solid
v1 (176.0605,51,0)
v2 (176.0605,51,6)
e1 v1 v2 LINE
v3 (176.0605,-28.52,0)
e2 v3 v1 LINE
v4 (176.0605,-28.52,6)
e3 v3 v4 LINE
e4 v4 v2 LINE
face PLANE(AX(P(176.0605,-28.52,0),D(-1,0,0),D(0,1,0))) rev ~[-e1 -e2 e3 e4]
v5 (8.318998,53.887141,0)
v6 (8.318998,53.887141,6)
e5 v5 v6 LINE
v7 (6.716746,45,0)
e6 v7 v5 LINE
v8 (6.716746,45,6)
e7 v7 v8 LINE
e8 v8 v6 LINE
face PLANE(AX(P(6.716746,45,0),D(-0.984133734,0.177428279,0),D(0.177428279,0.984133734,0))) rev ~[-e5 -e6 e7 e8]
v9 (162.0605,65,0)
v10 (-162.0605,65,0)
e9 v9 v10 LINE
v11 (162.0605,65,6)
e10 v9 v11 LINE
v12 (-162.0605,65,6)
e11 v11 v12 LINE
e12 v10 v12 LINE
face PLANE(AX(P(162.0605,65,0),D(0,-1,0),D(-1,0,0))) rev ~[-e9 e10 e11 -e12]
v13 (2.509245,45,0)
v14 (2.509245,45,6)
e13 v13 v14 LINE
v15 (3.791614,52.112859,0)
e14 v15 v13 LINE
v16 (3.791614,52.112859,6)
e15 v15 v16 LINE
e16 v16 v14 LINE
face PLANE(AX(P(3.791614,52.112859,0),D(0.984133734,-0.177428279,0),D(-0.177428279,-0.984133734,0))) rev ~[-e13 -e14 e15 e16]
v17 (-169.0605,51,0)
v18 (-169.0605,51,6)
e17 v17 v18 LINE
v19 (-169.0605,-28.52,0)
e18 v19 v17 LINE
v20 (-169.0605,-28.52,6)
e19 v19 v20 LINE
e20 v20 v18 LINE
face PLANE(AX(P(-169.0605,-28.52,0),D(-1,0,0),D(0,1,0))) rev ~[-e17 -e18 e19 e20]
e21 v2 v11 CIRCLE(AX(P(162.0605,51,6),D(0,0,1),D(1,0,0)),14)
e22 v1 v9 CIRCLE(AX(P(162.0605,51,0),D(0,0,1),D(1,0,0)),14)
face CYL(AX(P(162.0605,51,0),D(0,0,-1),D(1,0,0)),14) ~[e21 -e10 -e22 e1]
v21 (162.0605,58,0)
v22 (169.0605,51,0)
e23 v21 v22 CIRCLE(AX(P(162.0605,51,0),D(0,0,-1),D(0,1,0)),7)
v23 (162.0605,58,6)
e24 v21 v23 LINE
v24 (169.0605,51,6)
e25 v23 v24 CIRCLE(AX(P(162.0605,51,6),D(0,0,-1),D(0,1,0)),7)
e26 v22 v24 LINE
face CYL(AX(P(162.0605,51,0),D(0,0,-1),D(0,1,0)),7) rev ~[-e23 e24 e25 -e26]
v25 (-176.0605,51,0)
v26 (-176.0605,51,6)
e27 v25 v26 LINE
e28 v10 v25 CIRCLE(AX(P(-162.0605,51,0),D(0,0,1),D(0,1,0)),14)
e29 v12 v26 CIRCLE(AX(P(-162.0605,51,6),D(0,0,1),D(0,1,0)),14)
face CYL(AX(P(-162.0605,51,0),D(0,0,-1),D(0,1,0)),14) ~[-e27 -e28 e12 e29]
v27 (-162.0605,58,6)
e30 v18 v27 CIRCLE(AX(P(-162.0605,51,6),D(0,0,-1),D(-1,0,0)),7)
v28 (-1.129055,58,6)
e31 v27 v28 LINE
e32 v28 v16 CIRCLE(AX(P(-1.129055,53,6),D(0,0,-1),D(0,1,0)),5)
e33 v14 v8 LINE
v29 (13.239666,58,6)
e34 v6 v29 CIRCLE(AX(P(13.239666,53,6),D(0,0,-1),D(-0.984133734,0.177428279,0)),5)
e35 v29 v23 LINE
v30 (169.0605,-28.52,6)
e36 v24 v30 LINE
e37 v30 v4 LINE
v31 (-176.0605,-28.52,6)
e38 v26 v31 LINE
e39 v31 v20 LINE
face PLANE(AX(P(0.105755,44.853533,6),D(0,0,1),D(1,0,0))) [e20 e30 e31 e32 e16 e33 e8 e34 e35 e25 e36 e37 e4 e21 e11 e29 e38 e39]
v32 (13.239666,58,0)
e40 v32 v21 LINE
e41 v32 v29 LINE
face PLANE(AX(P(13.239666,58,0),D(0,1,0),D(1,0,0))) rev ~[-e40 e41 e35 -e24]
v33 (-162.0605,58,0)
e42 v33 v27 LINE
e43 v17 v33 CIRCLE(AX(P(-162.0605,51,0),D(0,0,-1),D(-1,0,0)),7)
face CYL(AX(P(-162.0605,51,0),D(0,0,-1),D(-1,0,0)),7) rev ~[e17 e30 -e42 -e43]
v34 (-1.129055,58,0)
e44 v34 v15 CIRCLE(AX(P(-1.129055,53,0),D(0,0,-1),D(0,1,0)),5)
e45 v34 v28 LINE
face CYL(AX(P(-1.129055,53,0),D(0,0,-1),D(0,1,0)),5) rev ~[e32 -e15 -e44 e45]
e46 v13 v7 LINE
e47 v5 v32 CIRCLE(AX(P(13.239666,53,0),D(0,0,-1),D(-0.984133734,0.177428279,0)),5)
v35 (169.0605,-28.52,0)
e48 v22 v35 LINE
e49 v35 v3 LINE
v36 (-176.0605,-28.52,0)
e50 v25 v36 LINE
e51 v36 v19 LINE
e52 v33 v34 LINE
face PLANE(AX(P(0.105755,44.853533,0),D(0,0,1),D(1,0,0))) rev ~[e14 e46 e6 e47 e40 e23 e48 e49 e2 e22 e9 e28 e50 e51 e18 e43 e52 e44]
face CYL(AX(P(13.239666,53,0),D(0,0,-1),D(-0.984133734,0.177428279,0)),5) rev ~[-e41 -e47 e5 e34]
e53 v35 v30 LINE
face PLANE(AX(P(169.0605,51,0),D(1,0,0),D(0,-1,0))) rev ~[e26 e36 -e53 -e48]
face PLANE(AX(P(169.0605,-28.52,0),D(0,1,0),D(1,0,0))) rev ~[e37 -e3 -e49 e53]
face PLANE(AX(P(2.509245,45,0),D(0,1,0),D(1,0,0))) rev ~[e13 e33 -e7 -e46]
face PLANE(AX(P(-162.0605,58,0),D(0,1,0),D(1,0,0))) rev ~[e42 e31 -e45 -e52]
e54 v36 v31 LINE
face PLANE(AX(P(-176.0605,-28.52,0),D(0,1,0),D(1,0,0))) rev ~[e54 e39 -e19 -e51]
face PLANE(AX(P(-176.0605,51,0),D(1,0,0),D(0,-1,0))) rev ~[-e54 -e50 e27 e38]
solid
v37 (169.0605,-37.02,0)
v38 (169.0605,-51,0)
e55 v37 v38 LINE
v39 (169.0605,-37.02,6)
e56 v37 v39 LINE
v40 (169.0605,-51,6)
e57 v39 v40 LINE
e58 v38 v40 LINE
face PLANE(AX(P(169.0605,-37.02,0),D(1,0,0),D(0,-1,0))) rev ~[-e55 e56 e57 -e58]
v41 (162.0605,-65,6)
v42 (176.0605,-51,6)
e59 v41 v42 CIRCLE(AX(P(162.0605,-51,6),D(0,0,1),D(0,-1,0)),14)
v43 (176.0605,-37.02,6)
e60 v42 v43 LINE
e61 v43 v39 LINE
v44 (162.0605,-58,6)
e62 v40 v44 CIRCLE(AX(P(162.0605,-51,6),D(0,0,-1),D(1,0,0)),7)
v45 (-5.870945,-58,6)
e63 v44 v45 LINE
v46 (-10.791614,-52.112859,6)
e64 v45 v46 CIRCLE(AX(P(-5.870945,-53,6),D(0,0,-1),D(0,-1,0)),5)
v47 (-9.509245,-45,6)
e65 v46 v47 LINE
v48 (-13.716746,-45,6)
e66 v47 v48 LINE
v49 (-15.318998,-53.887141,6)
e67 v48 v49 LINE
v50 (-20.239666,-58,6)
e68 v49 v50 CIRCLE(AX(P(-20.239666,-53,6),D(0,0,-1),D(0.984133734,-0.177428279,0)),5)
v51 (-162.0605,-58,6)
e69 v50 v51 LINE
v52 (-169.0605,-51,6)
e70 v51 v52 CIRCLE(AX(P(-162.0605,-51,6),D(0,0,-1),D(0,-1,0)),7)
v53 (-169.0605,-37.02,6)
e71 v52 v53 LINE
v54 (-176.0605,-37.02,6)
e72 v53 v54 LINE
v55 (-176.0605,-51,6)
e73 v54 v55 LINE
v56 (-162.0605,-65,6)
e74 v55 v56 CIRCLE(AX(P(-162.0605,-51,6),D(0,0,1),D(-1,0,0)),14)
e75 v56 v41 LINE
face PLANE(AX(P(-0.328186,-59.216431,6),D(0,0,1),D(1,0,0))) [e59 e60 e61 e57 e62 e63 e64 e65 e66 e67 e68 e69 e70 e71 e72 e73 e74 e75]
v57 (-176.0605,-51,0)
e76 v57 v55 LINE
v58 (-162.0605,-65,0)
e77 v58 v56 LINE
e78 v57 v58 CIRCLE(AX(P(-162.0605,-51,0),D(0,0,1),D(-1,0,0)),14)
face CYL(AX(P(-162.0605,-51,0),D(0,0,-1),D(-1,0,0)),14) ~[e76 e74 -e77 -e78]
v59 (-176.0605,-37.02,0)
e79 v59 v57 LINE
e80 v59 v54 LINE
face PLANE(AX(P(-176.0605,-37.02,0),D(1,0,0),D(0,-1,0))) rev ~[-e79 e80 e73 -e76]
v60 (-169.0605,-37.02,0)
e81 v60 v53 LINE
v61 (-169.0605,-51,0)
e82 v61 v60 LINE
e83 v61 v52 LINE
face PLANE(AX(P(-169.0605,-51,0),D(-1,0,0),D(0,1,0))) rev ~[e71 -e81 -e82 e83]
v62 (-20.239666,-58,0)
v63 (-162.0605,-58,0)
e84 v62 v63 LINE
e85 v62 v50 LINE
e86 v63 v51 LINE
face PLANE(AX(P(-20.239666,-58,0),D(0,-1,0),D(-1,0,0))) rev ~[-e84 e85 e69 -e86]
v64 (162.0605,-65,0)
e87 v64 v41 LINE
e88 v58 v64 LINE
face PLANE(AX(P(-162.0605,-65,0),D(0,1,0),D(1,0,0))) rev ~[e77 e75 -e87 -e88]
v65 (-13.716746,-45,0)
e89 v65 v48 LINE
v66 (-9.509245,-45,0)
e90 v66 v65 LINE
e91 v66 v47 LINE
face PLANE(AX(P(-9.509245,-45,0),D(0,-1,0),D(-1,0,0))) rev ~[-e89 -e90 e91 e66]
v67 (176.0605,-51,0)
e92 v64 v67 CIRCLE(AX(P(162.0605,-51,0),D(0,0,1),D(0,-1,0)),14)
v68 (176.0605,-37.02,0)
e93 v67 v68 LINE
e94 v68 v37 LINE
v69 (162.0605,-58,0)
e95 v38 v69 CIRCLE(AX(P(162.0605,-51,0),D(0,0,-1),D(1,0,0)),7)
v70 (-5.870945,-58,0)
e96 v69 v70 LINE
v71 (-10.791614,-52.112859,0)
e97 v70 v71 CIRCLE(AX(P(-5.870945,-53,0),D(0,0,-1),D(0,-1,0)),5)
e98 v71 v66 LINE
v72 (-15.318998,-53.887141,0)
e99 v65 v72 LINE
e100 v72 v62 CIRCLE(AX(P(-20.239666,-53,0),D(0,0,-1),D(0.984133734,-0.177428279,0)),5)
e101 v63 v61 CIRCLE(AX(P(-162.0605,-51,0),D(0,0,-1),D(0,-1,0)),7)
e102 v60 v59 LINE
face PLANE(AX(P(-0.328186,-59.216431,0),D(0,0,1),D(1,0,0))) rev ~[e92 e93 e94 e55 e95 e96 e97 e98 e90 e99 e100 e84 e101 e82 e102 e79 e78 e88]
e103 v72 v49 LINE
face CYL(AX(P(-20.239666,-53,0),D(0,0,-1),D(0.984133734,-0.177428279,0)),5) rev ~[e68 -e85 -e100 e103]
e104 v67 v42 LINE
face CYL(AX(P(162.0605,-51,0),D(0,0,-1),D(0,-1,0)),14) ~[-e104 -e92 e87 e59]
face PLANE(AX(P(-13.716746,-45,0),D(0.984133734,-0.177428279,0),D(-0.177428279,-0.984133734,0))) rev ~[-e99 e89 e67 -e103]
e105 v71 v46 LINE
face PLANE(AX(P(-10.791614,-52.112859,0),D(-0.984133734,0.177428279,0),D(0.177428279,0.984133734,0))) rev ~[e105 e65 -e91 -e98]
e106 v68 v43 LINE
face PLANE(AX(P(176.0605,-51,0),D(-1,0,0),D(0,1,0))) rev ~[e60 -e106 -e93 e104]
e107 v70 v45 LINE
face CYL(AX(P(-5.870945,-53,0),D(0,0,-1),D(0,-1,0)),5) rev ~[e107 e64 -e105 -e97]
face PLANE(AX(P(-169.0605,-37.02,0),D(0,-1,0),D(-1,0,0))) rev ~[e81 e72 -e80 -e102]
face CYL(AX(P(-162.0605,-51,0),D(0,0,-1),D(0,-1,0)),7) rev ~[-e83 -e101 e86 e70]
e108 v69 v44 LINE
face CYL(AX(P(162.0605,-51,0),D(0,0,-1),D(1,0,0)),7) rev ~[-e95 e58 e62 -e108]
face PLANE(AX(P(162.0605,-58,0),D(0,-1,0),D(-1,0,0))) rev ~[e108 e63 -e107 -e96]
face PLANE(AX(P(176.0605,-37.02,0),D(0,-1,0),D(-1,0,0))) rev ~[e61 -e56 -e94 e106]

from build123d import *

# Parameters (mm, degrees)
SALIENTE_EXTRUIR3_DEPTH   = 6
SALIENTE_EXTRUIR3_2_DEPTH = 6


with BuildPart() as part:
    # Croquis1 → Saliente-Extruir3 (new body)
    with BuildSketch(Plane.XY):
        with BuildLine():
            Line((-162.0605, 58), (-1.12905479, 58))
            ThreePointArc((-1.12905479, 58), (2.707330681, 56.206578631), (3.791613878, 52.112858607))
            Line((3.791613878, 52.112858607), (2.509245217, 45))
            Line((2.509245217, 45), (6.716745749, 45))
            Line((6.716745749, 45), (8.318997704, 53.887141393))
            ThreePointArc((8.318997704, 53.887141393), (10.033087742, 56.836385471), (13.239666373, 58))
            Line((13.239666373, 58), (162.0605, 58))
            ThreePointArc((162.0605, 58), (167.010247468, 55.949747468), (169.0605, 51))
            Line((169.0605, 51), (169.0605, -28.52))
            Line((169.0605, -28.52), (176.0605, -28.52))
            Line((176.0605, -28.52), (176.0605, 51))
            ThreePointArc((176.0605, 51), (171.959994937, 60.899494937), (162.0605, 65))
            Line((162.0605, 65), (-162.0605, 65))
            ThreePointArc((-162.0605, 65), (-171.959994937, 60.899494937), (-176.0605, 51))
            Line((-176.0605, 51), (-176.0605, -28.52))
            Line((-176.0605, -28.52), (-169.0605, -28.52))
            Line((-169.0605, -28.52), (-169.0605, 51))
            ThreePointArc((-169.0605, 51), (-167.010247468, 55.949747468), (-162.0605, 58))
        make_face()
    extrude(amount=SALIENTE_EXTRUIR3_DEPTH)


with BuildPart() as body_2:
    # Croquis1 → Saliente-Extruir3 2 (new body)
    with BuildSketch(Plane.XY):
        with BuildLine():
            Line((-162.0605, -65), (162.0605, -65))
            ThreePointArc((162.0605, -65), (171.959994937, -60.899494937), (176.0605, -51))
            Line((176.0605, -51), (176.0605, -37.02))
            Line((176.0605, -37.02), (169.0605, -37.02))
            Line((169.0605, -37.02), (169.0605, -51))
            ThreePointArc((169.0605, -51), (167.010247468, -55.949747468), (162.0605, -58))
            Line((162.0605, -58), (-5.87094521, -58))
            ThreePointArc((-5.87094521, -58), (-9.707330681, -56.206578631), (-10.791613878, -52.112858607))
            Line((-10.791613878, -52.112858607), (-9.509245217, -45))
            Line((-9.509245217, -45), (-13.716745749, -45))
            Line((-13.716745749, -45), (-15.318997704, -53.887141393))
            ThreePointArc((-15.318997704, -53.887141393), (-17.033087742, -56.836385471), (-20.239666373, -58))
            Line((-20.239666373, -58), (-162.0605, -58))
            ThreePointArc((-162.0605, -58), (-167.010247468, -55.949747468), (-169.0605, -51))
            Line((-169.0605, -51), (-169.0605, -37.02))
            Line((-169.0605, -37.02), (-176.0605, -37.02))
            Line((-176.0605, -37.02), (-176.0605, -51))
            ThreePointArc((-176.0605, -51), (-171.959994937, -60.899494937), (-162.0605, -65))
        make_face()
    extrude(amount=SALIENTE_EXTRUIR3_2_DEPTH)


solid = Compound([part.part, body_2.part])
